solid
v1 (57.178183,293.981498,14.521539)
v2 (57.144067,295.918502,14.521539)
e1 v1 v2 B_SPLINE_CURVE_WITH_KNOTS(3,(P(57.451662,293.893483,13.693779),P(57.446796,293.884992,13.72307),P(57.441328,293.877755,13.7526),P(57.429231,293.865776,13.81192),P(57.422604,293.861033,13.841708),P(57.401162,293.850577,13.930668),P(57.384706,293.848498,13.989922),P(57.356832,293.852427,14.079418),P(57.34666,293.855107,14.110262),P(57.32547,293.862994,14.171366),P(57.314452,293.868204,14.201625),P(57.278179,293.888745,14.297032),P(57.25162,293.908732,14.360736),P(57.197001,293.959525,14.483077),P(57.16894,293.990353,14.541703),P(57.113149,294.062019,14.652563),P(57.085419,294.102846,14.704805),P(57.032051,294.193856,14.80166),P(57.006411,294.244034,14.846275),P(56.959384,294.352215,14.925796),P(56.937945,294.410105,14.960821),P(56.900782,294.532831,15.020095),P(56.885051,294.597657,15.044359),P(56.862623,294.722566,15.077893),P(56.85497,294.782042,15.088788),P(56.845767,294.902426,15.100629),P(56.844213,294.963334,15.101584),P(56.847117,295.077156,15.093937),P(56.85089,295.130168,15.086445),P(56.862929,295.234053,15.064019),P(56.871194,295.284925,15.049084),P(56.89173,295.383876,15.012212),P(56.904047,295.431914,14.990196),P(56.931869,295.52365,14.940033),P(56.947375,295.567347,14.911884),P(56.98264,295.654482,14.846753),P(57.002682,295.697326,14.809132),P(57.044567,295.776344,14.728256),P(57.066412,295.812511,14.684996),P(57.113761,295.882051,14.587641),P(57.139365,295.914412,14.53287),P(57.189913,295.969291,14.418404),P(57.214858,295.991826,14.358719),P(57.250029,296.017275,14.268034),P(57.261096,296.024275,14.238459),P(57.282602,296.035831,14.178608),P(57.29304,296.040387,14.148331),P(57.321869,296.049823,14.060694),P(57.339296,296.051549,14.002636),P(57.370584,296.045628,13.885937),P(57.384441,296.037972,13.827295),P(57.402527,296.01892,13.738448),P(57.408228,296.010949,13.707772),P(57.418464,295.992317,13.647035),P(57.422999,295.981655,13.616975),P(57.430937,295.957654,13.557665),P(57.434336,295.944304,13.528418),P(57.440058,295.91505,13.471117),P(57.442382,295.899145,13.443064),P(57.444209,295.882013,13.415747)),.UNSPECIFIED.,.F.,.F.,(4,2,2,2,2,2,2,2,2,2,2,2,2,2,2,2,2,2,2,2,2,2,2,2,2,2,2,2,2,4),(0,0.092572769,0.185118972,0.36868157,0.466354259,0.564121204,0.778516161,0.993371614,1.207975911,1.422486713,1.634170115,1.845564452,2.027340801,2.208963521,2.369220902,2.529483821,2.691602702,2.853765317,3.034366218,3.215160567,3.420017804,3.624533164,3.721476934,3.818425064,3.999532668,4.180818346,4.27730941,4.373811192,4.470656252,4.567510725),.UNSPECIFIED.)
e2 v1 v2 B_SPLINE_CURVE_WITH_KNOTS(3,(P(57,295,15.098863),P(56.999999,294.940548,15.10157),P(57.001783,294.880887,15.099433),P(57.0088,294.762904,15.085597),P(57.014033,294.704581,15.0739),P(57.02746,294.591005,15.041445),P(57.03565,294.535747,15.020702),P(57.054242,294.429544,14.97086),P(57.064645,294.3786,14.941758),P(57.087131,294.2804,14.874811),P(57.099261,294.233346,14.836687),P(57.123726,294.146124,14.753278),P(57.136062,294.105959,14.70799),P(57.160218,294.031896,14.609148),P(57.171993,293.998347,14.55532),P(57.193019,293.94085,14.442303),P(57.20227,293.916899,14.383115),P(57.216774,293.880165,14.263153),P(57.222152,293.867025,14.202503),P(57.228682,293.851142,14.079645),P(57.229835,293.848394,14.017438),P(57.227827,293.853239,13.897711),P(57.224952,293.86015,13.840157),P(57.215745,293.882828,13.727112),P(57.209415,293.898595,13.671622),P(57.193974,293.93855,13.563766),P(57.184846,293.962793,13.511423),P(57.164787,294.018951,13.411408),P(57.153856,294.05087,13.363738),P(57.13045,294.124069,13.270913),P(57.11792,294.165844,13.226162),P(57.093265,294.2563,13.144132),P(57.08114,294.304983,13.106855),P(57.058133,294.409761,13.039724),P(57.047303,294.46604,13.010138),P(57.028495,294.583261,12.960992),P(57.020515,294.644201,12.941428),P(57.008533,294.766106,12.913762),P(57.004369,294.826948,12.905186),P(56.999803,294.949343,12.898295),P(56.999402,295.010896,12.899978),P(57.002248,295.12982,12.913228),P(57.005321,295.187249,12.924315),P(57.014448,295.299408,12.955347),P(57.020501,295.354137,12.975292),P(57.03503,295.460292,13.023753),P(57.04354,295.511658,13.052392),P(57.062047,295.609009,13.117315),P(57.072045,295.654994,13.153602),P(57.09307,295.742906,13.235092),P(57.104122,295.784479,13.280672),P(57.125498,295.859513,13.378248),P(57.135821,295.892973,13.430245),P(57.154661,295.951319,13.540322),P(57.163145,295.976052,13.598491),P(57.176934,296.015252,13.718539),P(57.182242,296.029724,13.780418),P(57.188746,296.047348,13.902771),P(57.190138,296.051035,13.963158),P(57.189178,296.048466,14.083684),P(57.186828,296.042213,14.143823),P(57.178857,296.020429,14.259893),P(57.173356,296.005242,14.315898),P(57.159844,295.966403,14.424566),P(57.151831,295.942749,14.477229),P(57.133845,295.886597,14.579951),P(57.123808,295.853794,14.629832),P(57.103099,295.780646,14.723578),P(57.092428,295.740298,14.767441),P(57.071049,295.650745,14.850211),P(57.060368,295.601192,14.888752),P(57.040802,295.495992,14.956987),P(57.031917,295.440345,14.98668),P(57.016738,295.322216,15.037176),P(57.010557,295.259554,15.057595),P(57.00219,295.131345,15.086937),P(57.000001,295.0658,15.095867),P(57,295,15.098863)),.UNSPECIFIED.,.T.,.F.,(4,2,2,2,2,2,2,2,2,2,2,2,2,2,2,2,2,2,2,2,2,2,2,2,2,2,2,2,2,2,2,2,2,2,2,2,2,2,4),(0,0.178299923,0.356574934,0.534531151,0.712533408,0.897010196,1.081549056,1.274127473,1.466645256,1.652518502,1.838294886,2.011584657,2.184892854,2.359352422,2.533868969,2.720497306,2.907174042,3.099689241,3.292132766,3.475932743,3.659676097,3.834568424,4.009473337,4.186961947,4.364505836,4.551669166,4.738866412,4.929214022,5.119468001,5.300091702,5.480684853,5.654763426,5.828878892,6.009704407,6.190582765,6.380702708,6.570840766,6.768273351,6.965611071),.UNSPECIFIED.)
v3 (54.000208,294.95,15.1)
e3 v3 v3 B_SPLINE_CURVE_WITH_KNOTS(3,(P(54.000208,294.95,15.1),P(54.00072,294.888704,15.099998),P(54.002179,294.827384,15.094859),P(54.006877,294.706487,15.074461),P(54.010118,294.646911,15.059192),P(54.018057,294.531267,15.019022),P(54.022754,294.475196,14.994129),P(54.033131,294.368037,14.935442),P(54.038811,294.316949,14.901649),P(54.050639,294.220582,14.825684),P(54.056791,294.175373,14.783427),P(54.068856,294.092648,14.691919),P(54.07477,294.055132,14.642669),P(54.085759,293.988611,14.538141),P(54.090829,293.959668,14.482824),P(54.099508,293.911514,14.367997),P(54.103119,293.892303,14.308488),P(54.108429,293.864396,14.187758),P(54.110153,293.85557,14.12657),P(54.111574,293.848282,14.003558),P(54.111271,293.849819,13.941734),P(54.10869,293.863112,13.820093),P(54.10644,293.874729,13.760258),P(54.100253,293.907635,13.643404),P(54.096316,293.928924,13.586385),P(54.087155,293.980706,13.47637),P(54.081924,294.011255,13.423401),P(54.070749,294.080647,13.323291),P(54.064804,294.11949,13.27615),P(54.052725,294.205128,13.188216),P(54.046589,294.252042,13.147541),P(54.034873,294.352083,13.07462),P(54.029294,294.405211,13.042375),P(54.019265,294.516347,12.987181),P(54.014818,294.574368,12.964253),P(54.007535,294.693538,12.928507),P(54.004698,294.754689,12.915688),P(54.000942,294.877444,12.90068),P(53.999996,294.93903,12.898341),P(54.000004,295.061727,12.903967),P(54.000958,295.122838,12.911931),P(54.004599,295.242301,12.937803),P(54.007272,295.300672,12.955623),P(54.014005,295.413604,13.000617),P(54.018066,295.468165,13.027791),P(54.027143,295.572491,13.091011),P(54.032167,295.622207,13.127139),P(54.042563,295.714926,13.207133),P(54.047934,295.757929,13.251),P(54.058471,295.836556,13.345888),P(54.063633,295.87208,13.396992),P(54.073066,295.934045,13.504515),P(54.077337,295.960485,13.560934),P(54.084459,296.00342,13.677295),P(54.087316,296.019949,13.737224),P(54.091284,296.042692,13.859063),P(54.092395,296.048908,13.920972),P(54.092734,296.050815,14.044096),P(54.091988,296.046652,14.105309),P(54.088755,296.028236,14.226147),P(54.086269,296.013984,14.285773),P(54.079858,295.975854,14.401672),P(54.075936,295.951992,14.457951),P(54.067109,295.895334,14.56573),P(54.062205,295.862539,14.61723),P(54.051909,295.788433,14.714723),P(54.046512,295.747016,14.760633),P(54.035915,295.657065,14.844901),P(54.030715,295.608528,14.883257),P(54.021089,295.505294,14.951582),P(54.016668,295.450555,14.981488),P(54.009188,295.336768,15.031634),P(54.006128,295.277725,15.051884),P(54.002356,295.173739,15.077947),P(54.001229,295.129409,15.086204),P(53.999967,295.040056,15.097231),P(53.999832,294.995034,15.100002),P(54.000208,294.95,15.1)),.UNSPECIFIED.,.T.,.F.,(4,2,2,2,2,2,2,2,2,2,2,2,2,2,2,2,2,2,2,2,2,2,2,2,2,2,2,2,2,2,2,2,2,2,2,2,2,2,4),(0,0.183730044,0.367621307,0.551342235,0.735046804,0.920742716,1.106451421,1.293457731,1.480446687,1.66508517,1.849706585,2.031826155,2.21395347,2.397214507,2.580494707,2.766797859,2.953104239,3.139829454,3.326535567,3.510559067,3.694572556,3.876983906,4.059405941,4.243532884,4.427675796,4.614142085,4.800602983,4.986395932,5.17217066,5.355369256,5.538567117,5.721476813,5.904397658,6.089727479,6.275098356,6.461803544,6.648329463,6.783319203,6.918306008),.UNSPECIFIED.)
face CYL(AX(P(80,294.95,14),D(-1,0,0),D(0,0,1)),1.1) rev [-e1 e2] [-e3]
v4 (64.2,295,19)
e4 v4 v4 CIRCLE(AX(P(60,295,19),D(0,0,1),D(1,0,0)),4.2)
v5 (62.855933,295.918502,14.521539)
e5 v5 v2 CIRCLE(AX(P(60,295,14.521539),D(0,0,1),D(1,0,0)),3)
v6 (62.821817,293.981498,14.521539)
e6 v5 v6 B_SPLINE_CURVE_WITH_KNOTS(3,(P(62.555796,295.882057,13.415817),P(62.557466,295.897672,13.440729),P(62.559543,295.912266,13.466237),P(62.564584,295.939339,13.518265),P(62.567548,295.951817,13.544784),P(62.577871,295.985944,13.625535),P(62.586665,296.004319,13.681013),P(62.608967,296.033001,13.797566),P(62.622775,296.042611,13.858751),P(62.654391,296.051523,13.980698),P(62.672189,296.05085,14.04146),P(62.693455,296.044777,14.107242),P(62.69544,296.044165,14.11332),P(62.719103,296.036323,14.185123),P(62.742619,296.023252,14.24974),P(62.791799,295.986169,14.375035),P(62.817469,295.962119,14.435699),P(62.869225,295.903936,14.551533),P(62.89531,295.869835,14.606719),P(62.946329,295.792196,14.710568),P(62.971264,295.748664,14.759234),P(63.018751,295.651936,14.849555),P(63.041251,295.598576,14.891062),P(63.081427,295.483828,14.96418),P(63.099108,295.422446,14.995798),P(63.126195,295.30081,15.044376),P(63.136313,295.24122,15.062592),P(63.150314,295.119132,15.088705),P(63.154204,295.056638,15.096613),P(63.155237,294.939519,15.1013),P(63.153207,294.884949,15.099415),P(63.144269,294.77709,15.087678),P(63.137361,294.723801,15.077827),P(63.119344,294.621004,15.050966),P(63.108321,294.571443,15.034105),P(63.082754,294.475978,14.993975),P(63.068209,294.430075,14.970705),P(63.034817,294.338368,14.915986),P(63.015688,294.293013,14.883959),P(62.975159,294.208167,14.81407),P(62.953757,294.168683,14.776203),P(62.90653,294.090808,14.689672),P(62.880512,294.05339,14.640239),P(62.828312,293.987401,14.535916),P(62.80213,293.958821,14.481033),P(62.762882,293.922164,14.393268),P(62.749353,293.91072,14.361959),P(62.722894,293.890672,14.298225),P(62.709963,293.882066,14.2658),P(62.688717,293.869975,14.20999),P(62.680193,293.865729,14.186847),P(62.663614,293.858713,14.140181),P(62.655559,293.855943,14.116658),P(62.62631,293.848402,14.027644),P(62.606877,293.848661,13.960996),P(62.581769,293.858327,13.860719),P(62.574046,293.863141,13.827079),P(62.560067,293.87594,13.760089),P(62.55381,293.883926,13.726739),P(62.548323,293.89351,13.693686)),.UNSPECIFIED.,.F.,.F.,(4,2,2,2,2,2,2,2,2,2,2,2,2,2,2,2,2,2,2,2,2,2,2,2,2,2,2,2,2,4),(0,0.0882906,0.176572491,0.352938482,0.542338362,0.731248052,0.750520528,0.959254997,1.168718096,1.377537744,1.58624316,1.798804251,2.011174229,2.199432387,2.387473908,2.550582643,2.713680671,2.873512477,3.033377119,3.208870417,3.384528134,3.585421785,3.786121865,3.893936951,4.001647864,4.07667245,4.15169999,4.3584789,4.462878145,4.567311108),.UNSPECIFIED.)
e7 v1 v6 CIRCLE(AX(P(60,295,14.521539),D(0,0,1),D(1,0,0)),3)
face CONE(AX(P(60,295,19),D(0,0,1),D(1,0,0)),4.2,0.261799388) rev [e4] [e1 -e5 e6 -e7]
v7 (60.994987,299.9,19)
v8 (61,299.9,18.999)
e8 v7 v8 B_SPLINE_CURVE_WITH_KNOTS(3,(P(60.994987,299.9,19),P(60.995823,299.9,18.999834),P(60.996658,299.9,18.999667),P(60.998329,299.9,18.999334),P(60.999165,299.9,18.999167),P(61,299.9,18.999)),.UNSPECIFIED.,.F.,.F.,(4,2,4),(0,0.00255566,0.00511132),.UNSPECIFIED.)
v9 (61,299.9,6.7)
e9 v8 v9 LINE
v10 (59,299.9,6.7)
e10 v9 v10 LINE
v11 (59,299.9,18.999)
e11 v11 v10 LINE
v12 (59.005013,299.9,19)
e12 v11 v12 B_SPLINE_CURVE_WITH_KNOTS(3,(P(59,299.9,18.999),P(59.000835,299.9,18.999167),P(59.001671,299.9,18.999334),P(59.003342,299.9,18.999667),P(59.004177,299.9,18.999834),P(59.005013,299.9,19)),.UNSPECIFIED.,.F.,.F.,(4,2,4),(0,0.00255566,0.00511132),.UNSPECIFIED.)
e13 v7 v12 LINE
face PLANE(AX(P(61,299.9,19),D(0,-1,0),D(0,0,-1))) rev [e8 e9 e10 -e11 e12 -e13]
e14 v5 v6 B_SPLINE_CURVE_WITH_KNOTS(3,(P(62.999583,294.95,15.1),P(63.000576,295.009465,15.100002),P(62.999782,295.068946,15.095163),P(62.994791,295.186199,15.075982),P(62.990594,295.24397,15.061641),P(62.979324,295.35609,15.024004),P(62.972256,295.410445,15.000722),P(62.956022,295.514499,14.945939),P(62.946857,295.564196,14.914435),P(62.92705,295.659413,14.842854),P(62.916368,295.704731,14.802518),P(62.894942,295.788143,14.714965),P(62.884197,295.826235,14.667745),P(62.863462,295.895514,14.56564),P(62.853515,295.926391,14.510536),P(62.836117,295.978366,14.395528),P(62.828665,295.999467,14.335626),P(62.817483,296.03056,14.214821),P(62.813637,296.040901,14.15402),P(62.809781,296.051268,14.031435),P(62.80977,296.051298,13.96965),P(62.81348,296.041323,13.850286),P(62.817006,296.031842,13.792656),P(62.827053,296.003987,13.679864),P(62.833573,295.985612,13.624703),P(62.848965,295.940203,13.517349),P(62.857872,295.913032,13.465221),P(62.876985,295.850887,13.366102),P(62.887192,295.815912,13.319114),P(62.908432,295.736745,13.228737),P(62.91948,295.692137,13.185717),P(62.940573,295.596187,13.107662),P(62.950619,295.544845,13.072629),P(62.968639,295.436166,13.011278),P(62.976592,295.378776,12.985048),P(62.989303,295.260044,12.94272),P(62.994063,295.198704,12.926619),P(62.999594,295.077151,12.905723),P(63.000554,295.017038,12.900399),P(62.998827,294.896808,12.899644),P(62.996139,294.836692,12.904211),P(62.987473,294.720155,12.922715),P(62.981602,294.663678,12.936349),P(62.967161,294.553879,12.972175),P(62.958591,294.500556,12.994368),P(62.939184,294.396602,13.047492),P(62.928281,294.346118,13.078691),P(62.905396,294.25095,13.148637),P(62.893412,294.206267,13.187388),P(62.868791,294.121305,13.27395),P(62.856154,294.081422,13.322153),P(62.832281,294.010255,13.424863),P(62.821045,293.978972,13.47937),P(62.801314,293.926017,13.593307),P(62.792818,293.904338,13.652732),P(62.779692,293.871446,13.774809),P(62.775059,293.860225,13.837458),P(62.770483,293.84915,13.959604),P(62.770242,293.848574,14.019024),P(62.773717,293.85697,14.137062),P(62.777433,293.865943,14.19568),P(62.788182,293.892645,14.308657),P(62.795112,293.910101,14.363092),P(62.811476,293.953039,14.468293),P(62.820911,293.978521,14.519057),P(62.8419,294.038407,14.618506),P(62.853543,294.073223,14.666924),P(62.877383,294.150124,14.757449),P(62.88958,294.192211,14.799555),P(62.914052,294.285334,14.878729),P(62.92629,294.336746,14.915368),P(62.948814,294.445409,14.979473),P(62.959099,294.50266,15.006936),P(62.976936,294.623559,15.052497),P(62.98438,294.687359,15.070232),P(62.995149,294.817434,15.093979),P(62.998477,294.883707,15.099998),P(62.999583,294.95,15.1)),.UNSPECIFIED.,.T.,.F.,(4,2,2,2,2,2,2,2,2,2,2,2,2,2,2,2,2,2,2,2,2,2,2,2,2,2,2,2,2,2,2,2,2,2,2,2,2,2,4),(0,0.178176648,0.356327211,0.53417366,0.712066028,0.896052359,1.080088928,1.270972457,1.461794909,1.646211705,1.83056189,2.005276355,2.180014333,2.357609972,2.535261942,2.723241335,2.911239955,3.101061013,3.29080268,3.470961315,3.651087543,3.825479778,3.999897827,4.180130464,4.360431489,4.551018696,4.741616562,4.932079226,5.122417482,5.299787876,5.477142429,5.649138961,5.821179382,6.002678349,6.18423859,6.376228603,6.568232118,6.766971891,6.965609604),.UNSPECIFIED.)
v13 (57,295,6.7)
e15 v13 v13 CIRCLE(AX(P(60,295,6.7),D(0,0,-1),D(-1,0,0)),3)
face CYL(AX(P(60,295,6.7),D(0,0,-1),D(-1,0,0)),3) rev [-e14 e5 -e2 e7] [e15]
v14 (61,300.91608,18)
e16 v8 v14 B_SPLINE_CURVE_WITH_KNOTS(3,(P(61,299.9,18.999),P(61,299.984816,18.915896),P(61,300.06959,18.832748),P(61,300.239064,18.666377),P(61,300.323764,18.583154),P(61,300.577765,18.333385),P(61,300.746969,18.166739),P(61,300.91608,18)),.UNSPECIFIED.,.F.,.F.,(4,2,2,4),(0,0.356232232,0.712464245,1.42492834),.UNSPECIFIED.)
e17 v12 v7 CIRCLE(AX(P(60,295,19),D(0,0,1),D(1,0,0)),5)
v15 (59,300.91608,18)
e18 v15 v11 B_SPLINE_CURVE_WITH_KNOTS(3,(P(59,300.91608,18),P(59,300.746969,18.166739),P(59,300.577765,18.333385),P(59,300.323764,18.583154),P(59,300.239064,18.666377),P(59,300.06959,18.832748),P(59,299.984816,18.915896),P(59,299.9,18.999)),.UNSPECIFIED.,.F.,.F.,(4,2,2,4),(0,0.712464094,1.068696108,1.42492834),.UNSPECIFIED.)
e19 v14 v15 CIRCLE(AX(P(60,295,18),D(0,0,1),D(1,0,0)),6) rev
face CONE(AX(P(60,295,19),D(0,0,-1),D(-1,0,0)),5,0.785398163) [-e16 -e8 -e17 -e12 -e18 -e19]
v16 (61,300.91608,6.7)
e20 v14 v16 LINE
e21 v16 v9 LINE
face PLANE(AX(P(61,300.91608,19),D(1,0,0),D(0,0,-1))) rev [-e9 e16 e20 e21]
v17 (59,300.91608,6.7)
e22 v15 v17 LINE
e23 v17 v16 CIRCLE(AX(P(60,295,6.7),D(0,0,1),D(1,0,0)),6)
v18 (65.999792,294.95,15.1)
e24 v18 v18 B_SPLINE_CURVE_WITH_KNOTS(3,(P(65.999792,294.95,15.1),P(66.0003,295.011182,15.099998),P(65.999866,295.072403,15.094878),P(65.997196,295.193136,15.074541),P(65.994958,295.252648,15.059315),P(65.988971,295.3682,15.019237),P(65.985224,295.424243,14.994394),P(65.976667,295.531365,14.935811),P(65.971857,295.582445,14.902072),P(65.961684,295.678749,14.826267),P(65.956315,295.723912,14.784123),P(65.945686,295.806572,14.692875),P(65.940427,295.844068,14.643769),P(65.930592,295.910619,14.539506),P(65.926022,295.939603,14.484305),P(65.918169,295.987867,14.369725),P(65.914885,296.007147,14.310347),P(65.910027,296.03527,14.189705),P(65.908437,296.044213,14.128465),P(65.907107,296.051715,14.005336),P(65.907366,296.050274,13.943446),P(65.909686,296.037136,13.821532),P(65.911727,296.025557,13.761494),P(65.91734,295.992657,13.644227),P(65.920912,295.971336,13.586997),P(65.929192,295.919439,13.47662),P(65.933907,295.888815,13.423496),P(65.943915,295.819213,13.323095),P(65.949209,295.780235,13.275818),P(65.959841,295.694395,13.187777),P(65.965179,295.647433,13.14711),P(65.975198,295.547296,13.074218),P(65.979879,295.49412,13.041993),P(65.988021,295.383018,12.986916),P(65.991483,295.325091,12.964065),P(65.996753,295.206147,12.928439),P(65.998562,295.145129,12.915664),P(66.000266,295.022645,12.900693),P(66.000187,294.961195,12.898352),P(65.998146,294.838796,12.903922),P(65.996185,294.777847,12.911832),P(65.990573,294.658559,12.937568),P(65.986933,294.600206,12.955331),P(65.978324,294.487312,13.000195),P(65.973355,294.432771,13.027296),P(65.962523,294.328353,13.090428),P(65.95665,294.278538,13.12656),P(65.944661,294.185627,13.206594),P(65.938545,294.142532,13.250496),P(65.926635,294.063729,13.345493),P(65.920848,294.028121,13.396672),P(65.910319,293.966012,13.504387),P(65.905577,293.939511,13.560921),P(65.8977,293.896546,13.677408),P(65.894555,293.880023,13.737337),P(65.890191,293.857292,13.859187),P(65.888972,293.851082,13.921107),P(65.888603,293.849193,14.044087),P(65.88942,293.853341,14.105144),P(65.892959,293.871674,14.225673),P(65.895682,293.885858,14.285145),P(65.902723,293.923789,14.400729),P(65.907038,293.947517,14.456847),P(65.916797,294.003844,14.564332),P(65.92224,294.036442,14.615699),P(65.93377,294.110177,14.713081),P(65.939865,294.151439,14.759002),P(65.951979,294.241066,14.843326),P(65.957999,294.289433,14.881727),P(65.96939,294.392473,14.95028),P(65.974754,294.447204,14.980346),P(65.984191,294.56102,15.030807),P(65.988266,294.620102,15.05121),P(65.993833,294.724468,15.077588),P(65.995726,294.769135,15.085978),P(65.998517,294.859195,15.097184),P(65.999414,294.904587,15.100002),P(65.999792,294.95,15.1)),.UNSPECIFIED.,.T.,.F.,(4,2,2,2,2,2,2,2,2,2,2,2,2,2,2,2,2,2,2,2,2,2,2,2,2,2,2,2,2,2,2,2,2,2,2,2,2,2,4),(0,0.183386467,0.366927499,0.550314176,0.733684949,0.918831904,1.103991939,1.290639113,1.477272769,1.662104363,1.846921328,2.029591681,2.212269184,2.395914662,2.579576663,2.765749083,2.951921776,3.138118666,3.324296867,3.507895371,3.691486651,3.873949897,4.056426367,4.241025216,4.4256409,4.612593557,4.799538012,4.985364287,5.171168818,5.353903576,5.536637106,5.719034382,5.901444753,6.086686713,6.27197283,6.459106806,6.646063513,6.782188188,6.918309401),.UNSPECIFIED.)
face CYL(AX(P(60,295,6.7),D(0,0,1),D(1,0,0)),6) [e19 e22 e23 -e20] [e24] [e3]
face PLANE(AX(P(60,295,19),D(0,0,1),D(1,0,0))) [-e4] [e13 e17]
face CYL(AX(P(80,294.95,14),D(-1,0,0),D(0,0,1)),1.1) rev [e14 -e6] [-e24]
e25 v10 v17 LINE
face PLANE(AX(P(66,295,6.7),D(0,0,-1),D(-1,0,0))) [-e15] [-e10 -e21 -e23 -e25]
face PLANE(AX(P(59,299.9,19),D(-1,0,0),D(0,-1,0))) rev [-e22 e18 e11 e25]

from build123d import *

# Parameters (mm, degrees)
SKETCH1_W      = 6
SKETCH1_H      = 12.3
EXTRUDE1_DEPTH = 309.396319693
HOLE1_D        = 6
CHAMFER1_SIZE  = 1
SKETCH5_R      = 1.1
EXTRUDE3_DEPTH = 80
SKETCH6_R      = 4.2
EXTRUDE4_DEPTH = 10
EXTRUDE4_DRAFT = -15


with BuildPart() as part:
    # Sketch1 → Revolve1 (revolve)
    with BuildSketch(Plane(origin=(0, 295, 0), x_dir=(-1, 0, 0), z_dir=(0, 1, 0))):
        with Locations((-63, 12.85)):
            Rectangle(SKETCH1_W, SKETCH1_H)
    revolve(axis=Axis((60, 295, 6.7), (0, 0, 1)))

    # Sketch2 → Extrude1 (cut, through all)
    with BuildSketch(Plane(origin=(0, 0, 6.7), x_dir=(-1, 0, 0), z_dir=(0, 0, -1))):
        with BuildLine():
            Line((-61, 300.916079783), (-61, 299.9))
            Line((-61, 299.9), (-59, 299.9))
            Line((-59, 299.9), (-59, 300.916079783))
            ThreePointArc((-59, 300.916079783), (-60, 301), (-61, 300.916079783))
        make_face()
    extrude(amount=-EXTRUDE1_DEPTH, mode=Mode.SUBTRACT)

    # Hole1 (through all)
    with Locations(Plane(origin=(0, 0, 6.7), x_dir=(-1, 0, 0), z_dir=(0, 0, -1))):
        with Locations((-60, 295)):
            Hole(HOLE1_D / 2)

    # Chamfer1
    chamfer1_edges = [part.edges().sort_by_distance(p)[0] for p in [
        (60, 289, 19),
    ]]
    chamfer(chamfer1_edges, length=CHAMFER1_SIZE)

    # Sketch5 → Extrude3 (cut)
    with BuildSketch(Plane(origin=(0, 0, 0), x_dir=(0, 0, -1), z_dir=(1, 0, 0))):
        with Locations(Location((-14, 294.95, 0), (0, 0, 180))):
            Circle(SKETCH5_R)
    extrude(amount=EXTRUDE3_DEPTH, mode=Mode.SUBTRACT)


with BuildPart() as extrude4_tool:
    # Sketch6 → Extrude4 (with draft: the straight prism first)
    with BuildSketch(Plane.XY.offset(19)):
        with Locations((60, 295)):
            Circle(SKETCH6_R)
    extrude(amount=-EXTRUDE4_DEPTH)
    # Extrude4: the draft: its side faces are tilted about the plane it starts from
    extrude4_sides = [extrude4_tool.faces().sort_by_distance(p)[0] for p in [
        (55.8, 295, 14),
    ]]
    draft(extrude4_sides, Plane.XY.offset(19), EXTRUDE4_DRAFT)


with BuildPart() as part_1:
    add(part.part)

    # Extrude4: cut by extrude4_tool
    add(extrude4_tool.part, mode=Mode.SUBTRACT)


solid = part_1.part
